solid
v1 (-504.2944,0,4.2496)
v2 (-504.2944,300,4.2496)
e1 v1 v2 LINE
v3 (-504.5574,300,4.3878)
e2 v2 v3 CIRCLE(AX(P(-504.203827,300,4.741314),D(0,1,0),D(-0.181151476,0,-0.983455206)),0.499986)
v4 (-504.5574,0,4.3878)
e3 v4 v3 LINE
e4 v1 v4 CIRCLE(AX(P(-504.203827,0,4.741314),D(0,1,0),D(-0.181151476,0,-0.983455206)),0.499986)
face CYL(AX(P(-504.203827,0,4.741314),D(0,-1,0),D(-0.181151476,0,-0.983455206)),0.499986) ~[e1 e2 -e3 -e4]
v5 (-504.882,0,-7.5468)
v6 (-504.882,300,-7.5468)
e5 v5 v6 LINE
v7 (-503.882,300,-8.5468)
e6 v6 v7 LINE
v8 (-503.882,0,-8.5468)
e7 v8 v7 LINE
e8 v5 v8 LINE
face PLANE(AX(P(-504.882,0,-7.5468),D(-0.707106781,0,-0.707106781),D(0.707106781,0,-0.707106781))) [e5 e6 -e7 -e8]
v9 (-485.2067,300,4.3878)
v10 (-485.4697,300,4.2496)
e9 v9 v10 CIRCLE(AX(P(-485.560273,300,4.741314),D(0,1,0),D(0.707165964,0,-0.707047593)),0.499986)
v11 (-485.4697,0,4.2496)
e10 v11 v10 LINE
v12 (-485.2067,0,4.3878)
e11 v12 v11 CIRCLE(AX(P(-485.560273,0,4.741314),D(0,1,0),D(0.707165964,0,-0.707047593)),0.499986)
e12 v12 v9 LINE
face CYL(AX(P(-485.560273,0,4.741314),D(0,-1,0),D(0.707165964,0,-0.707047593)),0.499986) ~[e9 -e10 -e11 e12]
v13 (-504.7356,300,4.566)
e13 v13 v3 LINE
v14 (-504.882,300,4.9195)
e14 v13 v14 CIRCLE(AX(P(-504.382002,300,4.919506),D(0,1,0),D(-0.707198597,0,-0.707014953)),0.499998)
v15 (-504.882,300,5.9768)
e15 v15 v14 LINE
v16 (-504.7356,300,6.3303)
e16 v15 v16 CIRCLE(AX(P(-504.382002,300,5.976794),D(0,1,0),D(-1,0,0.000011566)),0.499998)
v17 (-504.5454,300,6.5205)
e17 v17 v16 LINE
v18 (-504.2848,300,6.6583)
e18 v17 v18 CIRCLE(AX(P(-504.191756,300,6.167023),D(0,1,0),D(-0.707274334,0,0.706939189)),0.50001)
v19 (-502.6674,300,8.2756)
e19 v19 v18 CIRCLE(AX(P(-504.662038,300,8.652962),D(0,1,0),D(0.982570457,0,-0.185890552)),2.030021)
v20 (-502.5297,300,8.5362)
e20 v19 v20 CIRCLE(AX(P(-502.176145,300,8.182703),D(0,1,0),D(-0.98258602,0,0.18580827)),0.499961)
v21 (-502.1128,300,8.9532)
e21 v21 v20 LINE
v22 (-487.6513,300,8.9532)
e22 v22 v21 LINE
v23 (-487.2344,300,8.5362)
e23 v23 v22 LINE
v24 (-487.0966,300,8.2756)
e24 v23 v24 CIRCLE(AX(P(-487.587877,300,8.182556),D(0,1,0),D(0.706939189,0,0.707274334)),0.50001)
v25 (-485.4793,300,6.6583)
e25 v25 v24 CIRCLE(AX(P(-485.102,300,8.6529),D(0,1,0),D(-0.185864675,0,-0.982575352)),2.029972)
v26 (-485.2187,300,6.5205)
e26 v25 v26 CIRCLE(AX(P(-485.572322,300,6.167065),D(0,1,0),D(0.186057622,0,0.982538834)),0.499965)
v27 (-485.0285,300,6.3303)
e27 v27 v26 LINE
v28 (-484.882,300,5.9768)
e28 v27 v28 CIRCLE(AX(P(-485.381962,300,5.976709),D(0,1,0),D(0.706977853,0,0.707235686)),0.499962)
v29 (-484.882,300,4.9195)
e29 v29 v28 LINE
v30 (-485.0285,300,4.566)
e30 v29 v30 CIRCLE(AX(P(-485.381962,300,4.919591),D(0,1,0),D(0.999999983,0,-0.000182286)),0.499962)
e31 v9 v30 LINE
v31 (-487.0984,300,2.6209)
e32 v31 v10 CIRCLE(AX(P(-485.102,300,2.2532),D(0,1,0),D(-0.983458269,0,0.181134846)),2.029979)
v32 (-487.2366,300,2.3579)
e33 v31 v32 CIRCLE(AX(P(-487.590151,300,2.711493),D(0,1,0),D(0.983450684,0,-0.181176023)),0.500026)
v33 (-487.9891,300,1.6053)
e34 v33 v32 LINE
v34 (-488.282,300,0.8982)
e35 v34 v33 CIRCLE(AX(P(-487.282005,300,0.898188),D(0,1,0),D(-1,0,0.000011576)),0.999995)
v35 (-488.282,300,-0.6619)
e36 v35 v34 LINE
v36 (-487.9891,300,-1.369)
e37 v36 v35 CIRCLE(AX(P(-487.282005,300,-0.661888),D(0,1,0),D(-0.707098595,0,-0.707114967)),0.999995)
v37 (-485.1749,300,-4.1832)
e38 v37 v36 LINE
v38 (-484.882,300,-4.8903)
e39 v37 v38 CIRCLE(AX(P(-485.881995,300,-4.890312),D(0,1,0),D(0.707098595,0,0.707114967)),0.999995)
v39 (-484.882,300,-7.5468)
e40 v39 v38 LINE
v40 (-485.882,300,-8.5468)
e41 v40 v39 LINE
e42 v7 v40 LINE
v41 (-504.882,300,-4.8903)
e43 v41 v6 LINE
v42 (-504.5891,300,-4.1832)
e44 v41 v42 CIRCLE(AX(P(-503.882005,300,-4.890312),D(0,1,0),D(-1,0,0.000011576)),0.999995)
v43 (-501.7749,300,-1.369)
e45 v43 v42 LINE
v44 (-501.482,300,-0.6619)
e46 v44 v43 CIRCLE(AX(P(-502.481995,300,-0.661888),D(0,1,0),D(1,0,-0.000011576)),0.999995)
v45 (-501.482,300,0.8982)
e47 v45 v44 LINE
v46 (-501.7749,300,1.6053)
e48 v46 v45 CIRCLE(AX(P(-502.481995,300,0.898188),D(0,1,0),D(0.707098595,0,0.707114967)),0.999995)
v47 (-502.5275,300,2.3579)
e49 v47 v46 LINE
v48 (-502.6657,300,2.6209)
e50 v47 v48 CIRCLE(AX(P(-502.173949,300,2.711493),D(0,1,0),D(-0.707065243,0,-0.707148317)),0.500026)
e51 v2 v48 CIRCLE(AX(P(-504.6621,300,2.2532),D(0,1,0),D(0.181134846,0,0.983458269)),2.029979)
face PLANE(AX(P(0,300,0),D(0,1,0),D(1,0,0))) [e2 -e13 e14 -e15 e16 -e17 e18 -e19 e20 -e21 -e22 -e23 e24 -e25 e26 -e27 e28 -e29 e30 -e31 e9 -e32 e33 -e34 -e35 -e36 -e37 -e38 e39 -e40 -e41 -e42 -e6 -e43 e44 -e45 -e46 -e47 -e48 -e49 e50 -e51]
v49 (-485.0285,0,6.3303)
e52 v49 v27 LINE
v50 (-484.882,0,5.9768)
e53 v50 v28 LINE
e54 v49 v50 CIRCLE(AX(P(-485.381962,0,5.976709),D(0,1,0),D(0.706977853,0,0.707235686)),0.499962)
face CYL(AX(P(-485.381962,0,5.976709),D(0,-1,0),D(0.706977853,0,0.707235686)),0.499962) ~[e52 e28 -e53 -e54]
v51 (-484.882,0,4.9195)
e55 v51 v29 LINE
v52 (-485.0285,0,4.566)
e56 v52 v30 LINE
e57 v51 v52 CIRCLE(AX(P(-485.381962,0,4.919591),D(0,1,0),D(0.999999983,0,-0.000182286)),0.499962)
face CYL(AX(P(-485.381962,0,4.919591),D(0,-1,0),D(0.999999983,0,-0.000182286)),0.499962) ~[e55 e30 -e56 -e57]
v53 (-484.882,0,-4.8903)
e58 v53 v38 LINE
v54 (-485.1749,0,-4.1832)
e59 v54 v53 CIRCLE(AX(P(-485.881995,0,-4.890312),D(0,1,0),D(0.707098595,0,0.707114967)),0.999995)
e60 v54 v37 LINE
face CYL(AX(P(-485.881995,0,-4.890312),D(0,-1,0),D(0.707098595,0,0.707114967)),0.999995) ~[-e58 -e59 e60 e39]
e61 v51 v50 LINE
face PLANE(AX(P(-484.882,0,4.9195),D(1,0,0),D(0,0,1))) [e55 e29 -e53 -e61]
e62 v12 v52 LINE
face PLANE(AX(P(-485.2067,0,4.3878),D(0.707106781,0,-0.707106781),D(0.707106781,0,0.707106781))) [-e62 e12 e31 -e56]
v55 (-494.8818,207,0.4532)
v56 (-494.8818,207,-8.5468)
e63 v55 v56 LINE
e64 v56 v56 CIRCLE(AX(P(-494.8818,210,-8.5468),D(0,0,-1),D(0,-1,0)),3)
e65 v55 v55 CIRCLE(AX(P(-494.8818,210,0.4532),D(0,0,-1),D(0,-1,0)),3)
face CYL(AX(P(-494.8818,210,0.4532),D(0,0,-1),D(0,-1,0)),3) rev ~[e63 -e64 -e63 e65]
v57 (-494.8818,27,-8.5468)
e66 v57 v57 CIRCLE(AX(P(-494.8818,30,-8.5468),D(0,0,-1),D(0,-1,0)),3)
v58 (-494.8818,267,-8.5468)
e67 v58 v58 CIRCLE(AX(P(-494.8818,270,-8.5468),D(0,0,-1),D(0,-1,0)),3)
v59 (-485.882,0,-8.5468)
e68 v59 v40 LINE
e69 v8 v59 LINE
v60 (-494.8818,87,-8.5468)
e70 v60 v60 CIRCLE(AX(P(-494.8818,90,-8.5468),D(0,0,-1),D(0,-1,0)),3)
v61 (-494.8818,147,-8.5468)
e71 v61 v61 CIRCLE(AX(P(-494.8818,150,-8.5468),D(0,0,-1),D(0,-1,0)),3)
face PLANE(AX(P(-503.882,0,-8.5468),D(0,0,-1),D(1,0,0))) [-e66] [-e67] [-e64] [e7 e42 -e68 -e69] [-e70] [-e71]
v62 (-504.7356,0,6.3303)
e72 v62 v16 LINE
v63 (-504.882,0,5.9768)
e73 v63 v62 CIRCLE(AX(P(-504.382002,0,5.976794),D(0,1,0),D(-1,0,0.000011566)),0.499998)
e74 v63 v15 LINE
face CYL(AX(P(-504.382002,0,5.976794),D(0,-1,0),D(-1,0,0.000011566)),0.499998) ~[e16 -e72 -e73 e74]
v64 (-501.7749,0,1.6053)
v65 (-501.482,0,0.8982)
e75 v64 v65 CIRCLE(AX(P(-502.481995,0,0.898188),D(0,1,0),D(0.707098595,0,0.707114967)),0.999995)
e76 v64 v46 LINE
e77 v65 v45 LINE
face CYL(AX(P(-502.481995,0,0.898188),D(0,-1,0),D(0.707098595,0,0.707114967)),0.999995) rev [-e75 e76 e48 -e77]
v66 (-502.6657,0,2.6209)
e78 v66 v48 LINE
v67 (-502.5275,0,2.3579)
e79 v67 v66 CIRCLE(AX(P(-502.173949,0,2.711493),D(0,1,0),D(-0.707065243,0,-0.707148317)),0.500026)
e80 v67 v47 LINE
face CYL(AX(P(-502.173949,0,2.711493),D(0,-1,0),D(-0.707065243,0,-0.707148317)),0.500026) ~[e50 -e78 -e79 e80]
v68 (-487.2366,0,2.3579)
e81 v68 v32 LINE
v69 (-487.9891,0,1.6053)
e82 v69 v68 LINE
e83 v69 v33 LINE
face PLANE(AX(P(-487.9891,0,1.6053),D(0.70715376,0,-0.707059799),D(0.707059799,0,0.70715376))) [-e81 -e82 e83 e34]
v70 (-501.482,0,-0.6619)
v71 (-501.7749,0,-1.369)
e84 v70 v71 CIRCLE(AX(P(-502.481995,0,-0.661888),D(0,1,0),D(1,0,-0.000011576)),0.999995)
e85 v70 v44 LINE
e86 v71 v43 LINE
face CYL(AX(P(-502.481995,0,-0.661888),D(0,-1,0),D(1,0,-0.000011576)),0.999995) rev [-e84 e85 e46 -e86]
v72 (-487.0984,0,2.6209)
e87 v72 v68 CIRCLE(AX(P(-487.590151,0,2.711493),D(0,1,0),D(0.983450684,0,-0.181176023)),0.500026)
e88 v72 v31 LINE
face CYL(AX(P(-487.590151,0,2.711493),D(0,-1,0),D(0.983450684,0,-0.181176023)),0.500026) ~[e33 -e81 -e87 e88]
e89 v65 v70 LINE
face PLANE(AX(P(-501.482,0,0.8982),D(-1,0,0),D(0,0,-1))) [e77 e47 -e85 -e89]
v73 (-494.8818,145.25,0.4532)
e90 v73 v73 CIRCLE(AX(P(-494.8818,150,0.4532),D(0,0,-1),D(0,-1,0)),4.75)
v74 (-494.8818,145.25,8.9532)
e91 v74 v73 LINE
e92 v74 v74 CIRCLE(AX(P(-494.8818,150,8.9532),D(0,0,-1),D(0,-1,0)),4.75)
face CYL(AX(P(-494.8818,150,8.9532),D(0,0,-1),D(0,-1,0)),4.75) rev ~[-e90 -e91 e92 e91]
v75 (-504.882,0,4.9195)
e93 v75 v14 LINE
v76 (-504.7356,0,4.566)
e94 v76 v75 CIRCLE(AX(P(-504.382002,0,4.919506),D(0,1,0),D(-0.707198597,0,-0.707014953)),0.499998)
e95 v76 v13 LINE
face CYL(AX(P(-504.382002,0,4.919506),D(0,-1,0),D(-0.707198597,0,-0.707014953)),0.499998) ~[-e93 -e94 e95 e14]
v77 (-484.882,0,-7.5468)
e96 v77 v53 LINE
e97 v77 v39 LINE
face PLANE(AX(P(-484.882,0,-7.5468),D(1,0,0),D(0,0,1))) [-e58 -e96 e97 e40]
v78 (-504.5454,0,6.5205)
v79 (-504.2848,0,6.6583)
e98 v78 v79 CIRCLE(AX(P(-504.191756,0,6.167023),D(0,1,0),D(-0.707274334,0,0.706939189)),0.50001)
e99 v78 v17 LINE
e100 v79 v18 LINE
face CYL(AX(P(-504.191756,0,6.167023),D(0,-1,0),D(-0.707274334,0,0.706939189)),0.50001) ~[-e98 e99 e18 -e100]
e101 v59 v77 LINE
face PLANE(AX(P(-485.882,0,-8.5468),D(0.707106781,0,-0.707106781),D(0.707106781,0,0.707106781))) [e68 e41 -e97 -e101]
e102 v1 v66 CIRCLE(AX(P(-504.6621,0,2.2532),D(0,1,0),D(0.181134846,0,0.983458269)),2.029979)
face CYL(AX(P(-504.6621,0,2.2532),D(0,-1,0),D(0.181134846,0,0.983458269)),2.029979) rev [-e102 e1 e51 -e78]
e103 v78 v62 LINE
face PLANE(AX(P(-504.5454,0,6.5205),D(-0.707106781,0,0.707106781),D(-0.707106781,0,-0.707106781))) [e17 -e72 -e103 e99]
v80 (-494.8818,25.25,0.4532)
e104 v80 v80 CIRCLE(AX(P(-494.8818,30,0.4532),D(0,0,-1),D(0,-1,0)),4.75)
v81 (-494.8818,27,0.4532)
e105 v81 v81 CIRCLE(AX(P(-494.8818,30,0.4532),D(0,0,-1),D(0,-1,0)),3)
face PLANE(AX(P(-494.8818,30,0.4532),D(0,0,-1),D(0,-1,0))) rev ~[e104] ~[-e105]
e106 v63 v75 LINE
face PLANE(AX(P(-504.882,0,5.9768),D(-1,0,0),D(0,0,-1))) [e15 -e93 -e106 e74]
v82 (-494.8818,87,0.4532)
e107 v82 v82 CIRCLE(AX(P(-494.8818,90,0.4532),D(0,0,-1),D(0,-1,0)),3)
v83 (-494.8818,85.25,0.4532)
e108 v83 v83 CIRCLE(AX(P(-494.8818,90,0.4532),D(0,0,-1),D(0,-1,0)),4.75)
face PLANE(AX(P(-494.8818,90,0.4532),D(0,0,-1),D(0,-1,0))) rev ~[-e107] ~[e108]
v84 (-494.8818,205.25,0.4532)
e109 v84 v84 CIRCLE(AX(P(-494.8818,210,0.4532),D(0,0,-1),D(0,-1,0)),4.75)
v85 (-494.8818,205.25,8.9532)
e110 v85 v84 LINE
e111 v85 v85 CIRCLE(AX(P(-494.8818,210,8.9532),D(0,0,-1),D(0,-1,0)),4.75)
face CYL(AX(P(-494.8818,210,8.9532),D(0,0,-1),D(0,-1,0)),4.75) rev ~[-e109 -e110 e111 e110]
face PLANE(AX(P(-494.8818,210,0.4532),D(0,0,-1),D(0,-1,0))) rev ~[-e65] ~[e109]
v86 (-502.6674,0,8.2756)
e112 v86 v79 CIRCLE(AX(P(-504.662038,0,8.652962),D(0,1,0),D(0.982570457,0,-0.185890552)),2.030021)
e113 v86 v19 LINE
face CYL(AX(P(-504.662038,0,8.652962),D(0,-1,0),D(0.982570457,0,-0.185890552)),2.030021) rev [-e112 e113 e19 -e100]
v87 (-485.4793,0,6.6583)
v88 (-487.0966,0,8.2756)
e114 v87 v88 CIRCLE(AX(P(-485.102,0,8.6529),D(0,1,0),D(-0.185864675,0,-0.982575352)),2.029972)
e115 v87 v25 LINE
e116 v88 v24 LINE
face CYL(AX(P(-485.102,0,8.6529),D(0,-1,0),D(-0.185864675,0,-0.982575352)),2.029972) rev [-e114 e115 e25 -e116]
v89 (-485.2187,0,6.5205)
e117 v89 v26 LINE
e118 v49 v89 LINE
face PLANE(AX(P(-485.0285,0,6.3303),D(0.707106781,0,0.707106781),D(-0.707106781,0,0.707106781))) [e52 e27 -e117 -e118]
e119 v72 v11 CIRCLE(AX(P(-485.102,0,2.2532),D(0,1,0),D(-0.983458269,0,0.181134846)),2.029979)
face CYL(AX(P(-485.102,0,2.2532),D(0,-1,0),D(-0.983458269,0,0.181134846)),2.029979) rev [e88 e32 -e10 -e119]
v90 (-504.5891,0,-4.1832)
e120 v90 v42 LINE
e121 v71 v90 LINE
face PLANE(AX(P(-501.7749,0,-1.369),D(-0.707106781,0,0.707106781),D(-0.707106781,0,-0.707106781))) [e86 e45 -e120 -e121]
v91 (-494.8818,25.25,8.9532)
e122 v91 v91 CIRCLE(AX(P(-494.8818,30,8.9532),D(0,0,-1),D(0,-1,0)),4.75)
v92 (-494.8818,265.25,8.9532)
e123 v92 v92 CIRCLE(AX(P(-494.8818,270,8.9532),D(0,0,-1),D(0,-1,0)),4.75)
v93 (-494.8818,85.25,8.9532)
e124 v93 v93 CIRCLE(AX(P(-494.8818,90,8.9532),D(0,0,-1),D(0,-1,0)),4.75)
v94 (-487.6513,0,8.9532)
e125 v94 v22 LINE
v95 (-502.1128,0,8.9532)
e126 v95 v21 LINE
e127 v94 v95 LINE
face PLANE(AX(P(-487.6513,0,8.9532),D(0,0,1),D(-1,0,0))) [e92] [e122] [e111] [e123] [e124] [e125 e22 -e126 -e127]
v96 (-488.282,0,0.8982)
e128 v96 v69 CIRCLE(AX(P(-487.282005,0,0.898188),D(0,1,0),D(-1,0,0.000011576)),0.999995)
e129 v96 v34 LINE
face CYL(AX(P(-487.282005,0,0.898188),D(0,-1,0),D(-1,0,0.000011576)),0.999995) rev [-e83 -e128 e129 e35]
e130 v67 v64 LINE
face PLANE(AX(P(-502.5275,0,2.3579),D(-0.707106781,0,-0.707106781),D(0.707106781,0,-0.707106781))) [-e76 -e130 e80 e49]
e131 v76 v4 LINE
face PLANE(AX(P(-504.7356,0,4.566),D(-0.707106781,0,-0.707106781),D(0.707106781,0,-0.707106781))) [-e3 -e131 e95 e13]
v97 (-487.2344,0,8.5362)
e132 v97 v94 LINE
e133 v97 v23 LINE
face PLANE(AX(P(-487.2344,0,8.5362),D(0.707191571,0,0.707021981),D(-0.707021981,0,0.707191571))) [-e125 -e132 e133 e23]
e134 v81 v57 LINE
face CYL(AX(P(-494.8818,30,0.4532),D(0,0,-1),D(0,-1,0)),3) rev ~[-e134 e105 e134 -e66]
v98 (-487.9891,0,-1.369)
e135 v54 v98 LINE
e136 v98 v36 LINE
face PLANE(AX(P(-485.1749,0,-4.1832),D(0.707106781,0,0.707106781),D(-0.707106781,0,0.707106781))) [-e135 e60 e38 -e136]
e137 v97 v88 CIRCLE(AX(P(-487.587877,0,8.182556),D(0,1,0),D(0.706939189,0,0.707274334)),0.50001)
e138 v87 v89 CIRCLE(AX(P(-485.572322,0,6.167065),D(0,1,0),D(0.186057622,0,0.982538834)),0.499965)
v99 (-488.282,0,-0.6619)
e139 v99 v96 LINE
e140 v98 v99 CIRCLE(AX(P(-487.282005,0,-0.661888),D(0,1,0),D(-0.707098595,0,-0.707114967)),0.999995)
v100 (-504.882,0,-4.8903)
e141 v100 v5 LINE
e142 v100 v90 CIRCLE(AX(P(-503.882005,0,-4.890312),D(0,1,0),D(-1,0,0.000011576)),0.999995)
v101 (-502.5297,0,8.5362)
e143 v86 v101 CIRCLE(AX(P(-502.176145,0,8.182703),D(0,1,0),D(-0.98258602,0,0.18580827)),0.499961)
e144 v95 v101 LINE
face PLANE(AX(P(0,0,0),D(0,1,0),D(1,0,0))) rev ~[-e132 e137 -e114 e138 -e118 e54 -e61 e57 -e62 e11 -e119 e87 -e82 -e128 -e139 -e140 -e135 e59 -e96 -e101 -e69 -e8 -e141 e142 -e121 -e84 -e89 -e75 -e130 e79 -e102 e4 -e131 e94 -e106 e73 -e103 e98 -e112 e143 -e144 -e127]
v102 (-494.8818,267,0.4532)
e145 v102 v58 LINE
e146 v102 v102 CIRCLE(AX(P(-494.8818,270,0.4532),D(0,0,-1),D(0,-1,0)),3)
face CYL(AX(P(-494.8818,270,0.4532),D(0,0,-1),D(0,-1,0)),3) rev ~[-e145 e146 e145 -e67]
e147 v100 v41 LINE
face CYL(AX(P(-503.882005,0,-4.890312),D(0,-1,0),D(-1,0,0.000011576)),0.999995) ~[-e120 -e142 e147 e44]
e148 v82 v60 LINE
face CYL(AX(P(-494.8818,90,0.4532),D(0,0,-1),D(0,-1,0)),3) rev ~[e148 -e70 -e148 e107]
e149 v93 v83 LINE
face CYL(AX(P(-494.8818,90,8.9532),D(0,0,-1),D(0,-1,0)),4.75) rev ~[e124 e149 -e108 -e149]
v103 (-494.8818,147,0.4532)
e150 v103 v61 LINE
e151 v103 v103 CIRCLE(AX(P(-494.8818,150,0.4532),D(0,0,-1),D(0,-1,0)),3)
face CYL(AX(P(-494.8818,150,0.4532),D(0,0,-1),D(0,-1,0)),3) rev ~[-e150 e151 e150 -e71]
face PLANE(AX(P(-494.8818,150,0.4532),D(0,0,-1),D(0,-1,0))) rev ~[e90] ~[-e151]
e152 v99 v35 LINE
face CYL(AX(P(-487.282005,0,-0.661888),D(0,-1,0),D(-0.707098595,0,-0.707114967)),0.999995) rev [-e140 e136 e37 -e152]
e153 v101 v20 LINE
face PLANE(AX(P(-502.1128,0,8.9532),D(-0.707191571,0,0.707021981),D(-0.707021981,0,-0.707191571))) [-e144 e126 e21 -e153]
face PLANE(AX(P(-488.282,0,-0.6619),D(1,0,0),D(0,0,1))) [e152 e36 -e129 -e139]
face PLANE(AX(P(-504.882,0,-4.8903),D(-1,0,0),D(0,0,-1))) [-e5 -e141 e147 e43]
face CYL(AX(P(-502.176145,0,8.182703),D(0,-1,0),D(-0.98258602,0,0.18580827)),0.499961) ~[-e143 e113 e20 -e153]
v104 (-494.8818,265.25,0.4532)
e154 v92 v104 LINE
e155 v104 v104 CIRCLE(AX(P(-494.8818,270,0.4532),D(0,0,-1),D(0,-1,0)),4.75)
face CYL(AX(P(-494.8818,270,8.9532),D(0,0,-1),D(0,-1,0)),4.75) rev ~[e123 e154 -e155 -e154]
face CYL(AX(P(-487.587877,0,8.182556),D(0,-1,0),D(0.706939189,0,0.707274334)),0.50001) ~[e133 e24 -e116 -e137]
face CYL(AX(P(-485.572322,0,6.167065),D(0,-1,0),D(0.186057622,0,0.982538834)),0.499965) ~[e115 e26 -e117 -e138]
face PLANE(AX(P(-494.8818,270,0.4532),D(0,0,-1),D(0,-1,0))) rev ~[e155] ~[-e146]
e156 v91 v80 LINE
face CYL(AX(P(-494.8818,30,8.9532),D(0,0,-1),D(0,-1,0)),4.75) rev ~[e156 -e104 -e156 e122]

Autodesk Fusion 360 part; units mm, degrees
sketch "Sketch2" plane through (0, 0, 0) normal (0, 1, 0) x (1, 0, 0)
  line L0 (-504.5454, -6.5205) -> (-504.7356, -6.3303)
  arc A0 (-504.882, -5.9768) -> (-504.7356, -6.3303) centre (-504.382, -5.9768) ccw
  line L1 (-504.882, -5.9768) -> (-504.882, -4.9195)
  arc A1 (-504.7356, -4.566) -> (-504.882, -4.9195) centre (-504.382, -4.9195) ccw
  line L2 (-504.7356, -4.566) -> (-504.5574, -4.3878)
  arc A2 (-504.2944, -4.2496) -> (-504.5574, -4.3878) centre (-504.2038, -4.7413) ccw
  arc A3 (-504.2944, -4.2496) -> (-502.6657, -2.6209) centre (-504.6621, -2.2532) ccw
  arc A4 (-502.5275, -2.3579) -> (-502.6657, -2.6209) centre (-502.1739, -2.7114) ccw
  line L3 (-502.5275, -2.3579) -> (-501.7749, -1.6053)
  arc A5 (-501.7749, -1.6053) -> (-501.482, -0.8982) centre (-502.482, -0.8982) ccw
  line L4 (-501.482, -0.8982) -> (-501.482, 0.6619)
  arc A6 (-501.482, 0.6619) -> (-501.7749, 1.369) centre (-502.482, 0.6619) ccw
  line L5 (-501.7749, 1.369) -> (-504.5891, 4.1832)
  arc A7 (-504.882, 4.8903) -> (-504.5891, 4.1832) centre (-503.882, 4.8903) ccw
  line L6 (-504.882, 4.8903) -> (-504.882, 7.5468)
  line L7 (-504.882, 7.5468) -> (-503.882, 8.5468)
  line L8 (-503.882, 8.5468) -> (-485.882, 8.5468)
  line L9 (-485.882, 8.5468) -> (-484.882, 7.5468)
  line L10 (-484.882, 7.5468) -> (-484.882, 4.8903)
  arc A8 (-485.1749, 4.1832) -> (-484.882, 4.8903) centre (-485.882, 4.8903) ccw
  line L11 (-485.1749, 4.1832) -> (-487.9891, 1.369)
  arc A9 (-487.9891, 1.369) -> (-488.282, 0.6619) centre (-487.282, 0.6619) ccw
  line L12 (-488.282, 0.6619) -> (-488.282, -0.8982)
  arc A10 (-488.282, -0.8982) -> (-487.9891, -1.6053) centre (-487.282, -0.8982) ccw
  line L13 (-487.9891, -1.6053) -> (-487.2366, -2.3579)
  arc A11 (-487.0984, -2.6209) -> (-487.2366, -2.3579) centre (-487.5902, -2.7114) ccw
  arc A12 (-487.0984, -2.6209) -> (-485.4697, -4.2496) centre (-485.102, -2.2532) ccw
  arc A13 (-485.2067, -4.3878) -> (-485.4697, -4.2496) centre (-485.5603, -4.7413) ccw
  line L14 (-485.2067, -4.3878) -> (-485.0285, -4.566)
  arc A14 (-484.882, -4.9195) -> (-485.0285, -4.566) centre (-485.382, -4.9195) ccw
  line L15 (-484.882, -4.9195) -> (-484.882, -5.9768)
  arc A15 (-485.0285, -6.3303) -> (-484.882, -5.9768) centre (-485.382, -5.9768) ccw
  line L16 (-485.0285, -6.3303) -> (-485.2187, -6.5205)
  arc A16 (-485.4793, -6.6583) -> (-485.2187, -6.5205) centre (-485.5722, -6.167) ccw
  arc A17 (-485.4793, -6.6583) -> (-487.0966, -8.2756) centre (-485.102, -8.6529) ccw
  arc A18 (-487.2344, -8.5362) -> (-487.0966, -8.2756) centre (-487.5879, -8.1826) ccw
  line L17 (-487.2344, -8.5362) -> (-487.6513, -8.9532)
  line L18 (-487.6513, -8.9532) -> (-502.1128, -8.9532)
  line L19 (-502.1128, -8.9532) -> (-502.5297, -8.5362)
  arc A19 (-502.6674, -8.2756) -> (-502.5297, -8.5362) centre (-502.1762, -8.1826) ccw
  arc A20 (-502.6674, -8.2756) -> (-504.2848, -6.6583) centre (-504.6621, -8.6529) ccw
  arc A21 (-504.5454, -6.5205) -> (-504.2848, -6.6583) centre (-504.1918, -6.167) ccw
extrude "Extrude2" add sketch "Sketch2" along normal blind 300
hole "Hole2" at (-494.8818, 30, 8.9532) direction (0, 0, -1) diameter 6 depth 17.5 tip angle 118 counterbore diameter 9.5 counterbore depth 8.5
pattern_linear "R-Pattern2" count 5 spacing 60 along (0, 1, 0) of "Hole2"
equation "RailLength = 300 mm"
equation "RailHoleSpacing = 60 mm"
equation "RailNumberOfHoles = round(RailLength / RailHoleSpacing)"
equation "RailFirstHoleOffset = ( RailLength - ( ( RailNumberOfHoles - 1 ) * RailHoleSpacing ) ) / 2"
equation "d18 = RailLength"
equation "d25 = RailFirstHoleOffset"
equation "d27 = RailNumberOfHoles"
equation "d29 = RailHoleSpacing"
